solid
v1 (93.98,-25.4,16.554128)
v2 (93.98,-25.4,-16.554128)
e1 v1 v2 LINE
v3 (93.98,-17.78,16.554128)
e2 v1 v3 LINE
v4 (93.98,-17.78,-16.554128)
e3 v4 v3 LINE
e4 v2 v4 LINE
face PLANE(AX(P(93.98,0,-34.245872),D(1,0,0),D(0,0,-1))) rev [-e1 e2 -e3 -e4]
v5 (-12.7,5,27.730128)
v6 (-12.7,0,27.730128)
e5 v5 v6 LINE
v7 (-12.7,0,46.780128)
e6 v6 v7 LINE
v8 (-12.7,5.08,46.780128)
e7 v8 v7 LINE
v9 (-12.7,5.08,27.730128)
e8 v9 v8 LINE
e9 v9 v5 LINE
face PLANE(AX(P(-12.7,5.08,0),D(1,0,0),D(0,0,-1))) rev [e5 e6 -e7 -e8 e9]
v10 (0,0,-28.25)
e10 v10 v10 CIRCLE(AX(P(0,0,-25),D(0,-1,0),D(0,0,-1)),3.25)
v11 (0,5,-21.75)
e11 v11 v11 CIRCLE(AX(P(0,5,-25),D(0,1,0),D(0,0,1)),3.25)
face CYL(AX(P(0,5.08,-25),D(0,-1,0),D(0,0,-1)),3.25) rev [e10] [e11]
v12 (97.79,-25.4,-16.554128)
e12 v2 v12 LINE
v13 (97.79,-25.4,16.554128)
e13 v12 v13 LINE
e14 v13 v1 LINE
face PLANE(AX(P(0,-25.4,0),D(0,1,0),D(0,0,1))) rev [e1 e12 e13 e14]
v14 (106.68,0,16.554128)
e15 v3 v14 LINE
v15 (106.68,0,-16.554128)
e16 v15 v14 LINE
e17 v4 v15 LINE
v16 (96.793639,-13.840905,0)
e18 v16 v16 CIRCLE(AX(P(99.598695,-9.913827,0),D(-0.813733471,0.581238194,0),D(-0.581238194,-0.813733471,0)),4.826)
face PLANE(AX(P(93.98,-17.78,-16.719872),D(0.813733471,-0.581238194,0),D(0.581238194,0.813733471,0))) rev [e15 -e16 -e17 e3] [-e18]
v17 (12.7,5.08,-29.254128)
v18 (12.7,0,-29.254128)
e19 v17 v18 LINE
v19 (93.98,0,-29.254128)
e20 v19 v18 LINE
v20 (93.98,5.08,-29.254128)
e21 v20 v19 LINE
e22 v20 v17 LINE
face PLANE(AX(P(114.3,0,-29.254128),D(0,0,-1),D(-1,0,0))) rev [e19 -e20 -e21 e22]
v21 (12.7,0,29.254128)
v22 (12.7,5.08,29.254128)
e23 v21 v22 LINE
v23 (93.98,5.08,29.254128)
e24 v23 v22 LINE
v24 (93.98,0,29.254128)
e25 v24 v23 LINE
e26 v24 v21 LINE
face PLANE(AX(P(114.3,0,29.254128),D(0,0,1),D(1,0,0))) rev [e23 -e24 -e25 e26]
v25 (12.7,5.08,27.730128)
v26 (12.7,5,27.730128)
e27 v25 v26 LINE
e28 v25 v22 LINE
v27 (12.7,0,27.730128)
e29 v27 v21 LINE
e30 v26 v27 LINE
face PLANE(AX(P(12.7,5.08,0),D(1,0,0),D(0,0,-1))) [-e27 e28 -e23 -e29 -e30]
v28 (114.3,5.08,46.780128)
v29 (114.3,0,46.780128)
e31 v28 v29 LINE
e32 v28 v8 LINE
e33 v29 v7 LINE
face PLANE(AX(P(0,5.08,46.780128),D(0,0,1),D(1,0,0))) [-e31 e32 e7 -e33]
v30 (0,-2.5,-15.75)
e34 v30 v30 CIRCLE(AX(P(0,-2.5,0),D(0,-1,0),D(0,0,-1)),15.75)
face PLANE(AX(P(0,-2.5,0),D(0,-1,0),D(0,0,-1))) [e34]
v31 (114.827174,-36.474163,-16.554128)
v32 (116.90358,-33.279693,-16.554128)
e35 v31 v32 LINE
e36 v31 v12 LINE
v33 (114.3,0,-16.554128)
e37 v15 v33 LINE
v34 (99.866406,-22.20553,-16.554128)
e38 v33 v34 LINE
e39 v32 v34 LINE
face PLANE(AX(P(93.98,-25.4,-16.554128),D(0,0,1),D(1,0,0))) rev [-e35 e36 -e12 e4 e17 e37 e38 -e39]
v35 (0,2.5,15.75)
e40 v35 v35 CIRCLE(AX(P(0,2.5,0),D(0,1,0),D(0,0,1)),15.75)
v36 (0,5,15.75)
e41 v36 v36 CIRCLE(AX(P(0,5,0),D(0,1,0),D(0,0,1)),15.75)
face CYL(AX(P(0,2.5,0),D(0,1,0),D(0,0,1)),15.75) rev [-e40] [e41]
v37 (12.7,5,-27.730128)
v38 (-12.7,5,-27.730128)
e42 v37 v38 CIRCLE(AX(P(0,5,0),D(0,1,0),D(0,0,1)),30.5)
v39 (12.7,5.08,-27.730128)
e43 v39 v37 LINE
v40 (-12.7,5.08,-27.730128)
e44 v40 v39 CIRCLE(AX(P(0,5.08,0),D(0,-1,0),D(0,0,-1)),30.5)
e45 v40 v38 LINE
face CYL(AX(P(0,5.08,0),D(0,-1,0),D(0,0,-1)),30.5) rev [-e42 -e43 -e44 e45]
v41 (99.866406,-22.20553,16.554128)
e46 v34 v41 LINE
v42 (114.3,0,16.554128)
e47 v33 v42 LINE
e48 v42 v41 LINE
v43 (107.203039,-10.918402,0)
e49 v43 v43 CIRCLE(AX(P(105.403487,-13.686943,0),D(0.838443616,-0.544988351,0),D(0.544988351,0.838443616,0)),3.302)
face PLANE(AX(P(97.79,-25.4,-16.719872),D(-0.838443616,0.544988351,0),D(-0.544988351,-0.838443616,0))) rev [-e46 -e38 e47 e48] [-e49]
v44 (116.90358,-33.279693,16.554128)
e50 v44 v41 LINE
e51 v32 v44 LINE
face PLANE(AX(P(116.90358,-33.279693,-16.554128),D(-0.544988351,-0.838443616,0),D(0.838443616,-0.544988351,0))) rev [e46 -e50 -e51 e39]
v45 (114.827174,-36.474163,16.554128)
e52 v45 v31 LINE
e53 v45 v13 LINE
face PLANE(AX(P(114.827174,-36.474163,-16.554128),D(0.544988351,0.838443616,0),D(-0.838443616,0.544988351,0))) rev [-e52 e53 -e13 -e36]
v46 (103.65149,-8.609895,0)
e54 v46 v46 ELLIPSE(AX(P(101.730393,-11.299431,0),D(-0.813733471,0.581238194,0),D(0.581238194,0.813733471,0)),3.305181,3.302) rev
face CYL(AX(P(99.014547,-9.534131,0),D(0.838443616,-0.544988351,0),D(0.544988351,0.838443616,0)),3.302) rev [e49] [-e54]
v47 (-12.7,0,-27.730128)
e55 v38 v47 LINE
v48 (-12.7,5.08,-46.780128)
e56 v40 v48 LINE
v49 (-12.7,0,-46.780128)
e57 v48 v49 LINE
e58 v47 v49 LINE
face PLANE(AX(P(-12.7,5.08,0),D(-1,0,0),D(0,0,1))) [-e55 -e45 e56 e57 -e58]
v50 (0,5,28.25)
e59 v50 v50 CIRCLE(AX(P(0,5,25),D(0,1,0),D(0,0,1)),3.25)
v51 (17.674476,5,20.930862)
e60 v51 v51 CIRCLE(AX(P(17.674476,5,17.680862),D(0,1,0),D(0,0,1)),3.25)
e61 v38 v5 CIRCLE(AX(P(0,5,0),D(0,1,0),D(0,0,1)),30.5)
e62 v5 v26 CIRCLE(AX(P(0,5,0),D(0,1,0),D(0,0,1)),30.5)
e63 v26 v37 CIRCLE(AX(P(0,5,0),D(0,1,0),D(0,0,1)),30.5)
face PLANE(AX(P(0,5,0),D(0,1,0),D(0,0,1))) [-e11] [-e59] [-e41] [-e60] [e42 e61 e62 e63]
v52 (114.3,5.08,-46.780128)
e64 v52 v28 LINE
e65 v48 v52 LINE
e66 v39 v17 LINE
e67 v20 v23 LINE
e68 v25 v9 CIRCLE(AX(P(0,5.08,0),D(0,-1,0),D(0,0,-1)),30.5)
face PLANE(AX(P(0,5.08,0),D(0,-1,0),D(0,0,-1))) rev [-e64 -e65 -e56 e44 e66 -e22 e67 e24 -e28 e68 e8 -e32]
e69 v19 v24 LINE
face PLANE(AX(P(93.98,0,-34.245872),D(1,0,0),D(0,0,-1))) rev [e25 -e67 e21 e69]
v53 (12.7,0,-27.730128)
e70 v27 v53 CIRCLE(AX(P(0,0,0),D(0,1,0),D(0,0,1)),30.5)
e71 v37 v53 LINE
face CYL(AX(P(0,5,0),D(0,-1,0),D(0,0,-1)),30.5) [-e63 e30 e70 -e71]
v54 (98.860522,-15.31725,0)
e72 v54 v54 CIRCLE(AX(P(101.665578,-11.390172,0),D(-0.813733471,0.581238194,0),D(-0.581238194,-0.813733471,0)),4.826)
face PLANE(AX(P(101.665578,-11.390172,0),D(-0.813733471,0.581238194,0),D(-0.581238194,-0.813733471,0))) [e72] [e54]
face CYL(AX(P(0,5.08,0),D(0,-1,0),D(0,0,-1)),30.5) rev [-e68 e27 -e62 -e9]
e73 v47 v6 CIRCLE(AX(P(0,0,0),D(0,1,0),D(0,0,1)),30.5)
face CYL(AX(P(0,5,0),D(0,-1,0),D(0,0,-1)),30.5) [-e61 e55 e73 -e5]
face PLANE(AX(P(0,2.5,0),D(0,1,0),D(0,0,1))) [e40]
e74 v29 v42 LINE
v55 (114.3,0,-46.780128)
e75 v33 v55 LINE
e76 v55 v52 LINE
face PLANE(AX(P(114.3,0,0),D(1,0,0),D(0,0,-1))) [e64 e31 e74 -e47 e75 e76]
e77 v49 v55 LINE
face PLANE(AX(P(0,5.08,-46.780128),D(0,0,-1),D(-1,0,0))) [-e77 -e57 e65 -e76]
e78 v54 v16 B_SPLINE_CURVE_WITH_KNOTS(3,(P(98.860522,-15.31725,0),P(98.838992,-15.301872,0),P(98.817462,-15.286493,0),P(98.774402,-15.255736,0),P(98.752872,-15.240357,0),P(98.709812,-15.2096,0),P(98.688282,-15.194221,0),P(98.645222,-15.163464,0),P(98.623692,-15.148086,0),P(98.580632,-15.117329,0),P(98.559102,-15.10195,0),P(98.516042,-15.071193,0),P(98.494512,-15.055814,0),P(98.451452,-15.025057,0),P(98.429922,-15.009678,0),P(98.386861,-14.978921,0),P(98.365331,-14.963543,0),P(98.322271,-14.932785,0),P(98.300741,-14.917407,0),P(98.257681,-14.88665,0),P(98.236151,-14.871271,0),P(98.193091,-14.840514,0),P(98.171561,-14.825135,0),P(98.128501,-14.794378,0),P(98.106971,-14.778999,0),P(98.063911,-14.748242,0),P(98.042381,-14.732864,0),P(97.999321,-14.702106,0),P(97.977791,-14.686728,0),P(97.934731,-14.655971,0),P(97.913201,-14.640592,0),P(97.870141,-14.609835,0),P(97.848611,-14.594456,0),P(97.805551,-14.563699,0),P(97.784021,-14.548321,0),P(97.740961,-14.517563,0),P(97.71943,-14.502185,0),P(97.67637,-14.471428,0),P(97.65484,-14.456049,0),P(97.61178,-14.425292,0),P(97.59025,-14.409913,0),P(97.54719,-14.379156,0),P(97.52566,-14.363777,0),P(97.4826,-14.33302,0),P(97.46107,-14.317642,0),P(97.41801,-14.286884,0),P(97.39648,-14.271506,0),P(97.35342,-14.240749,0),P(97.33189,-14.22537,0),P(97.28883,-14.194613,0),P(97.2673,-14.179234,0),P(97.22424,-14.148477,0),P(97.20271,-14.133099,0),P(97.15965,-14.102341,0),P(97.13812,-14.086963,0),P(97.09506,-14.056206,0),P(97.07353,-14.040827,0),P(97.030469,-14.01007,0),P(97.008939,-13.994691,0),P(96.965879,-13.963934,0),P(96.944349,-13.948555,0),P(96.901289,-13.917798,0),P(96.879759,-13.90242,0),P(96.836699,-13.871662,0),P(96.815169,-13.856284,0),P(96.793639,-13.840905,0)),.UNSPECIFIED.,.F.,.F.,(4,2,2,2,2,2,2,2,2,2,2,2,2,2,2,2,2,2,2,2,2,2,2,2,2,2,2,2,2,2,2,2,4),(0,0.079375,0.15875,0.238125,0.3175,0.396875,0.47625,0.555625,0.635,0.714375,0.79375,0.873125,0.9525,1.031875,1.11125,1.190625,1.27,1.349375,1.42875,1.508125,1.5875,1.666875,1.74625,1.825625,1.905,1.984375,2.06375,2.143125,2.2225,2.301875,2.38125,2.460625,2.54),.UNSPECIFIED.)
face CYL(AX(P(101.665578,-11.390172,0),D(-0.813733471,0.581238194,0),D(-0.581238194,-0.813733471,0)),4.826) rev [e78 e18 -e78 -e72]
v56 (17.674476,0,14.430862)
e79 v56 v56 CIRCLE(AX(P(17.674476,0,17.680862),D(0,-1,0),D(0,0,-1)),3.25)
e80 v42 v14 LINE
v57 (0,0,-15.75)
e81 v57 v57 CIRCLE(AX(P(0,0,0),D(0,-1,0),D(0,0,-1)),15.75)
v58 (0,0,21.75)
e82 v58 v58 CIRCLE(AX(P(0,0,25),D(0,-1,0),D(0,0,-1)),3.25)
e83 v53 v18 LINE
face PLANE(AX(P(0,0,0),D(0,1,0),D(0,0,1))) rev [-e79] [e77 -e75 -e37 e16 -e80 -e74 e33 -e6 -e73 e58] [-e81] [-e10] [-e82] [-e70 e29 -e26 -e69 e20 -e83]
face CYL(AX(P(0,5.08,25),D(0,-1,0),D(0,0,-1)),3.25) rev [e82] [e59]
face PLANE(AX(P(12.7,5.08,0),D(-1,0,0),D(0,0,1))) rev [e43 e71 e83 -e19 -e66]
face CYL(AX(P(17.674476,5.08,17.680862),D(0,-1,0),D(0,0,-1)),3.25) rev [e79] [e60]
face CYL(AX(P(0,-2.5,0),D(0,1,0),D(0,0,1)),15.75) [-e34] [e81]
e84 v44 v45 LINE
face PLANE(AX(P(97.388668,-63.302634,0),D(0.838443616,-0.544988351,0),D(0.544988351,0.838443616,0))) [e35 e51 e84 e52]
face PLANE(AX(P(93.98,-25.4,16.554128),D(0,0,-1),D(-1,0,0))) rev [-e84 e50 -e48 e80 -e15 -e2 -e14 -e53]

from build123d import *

# Parameters (mm, degrees)
SKETCH1_R           = 30.5
BOSS_EXTRUDE1_DEPTH = 5
SKETCH2_R           = 15.75
CUT_EXTRUDE1_DEPTH  = 2.5
SKETCH3_R           = 15.75
BOSS_EXTRUDE2_DEPTH = 2.5
SKETCH4_R           = 3.25
CUT_EXTRUDE2_DEPTH  = 5.08
SKETCH5_R           = 3.25
CUT_EXTRUDE3_DEPTH  = 5.08
SKETCH6_R           = 3.25
CUT_EXTRUDE4_DEPTH  = 5.08
BOSS_EXTRUDE3_DEPTH = 5.08
BOSS_EXTRUDE4_DEPTH = 5.08
SKETCH9_W           = 17.526
SKETCH9_H           = 5.08
BOSS_EXTRUDE5_DEPTH = 101.6
SKETCH10_W          = 17.526
SKETCH10_H          = 5.08
BOSS_EXTRUDE6_DEPTH = 101.6
SKETCH11_W          = 20.32
SKETCH11_H          = 5.08
BOSS_EXTRUDE7_DEPTH = 63.5
SKETCH12_W          = 20.32
SKETCH12_H          = 33.10825604
BOSS_EXTRUDE8_DEPTH = 25.4
CUT_EXTRUDE5_DEPTH  = 33.274
CUT_EXTRUDE6_DEPTH  = 33.274
SKETCH16_W          = 33.10825604
SKETCH16_H          = 3.81
BOSS_EXTRUDE9_DEPTH = 20.32
CUT_EXTRUDE7_DEPTH  = 7.62
SKETCH20_R          = 4.826
CUT_EXTRUDE9_DEPTH  = 2.54


with BuildPart() as part:
    # Sketch1 → Boss-Extrude1 (new body)
    with BuildSketch(Plane(origin=(0, 0, 0), x_dir=(1, 0, 0), z_dir=(0, 1, 0))):
        with Locations(Location((0, 0, 0), (0, 0, 270))):
            Circle(SKETCH1_R)
    extrude(amount=BOSS_EXTRUDE1_DEPTH)

    # Sketch2 → Cut-Extrude1 (cut)
    with BuildSketch(Plane(origin=(0, 5, 0), x_dir=(1, 0, 0), z_dir=(0, 1, 0))):
        with Locations(Location((0, 0, 0), (0, 0, 270))):
            Circle(SKETCH2_R)
    extrude(amount=-CUT_EXTRUDE1_DEPTH, mode=Mode.SUBTRACT)

    # Sketch3 → Boss-Extrude2 (add)
    with BuildSketch(Plane.XZ):
        with Locations(Location((0, 0, 0), (0, 0, 90))):
            Circle(SKETCH3_R)
    extrude(amount=BOSS_EXTRUDE2_DEPTH)

    # Sketch4 → Cut-Extrude2 (cut)
    with BuildSketch(Plane(origin=(0, 0, 0), x_dir=(-1, 0, 0), z_dir=(0, -1, 0))):
        with Locations(Location((0, 25, 0), (0, 0, 90))):
            Circle(SKETCH4_R)
    extrude(amount=-CUT_EXTRUDE2_DEPTH, mode=Mode.SUBTRACT)

    # Sketch5 → Cut-Extrude3 (cut)
    with BuildSketch(Plane.XZ):
        with Locations(Location((0, 25, 0), (0, 0, 270))):
            Circle(SKETCH5_R)
    extrude(amount=-CUT_EXTRUDE3_DEPTH, mode=Mode.SUBTRACT)

    # Sketch6 → Cut-Extrude4 (cut)
    with BuildSketch(Plane.XZ):
        with Locations(Location((17.674476483, 17.680862, 0), (0, 0, 270))):
            Circle(SKETCH6_R)
    extrude(amount=-CUT_EXTRUDE4_DEPTH, mode=Mode.SUBTRACT)

    # Sketch7 → Boss-Extrude3 (add)
    with BuildSketch(Plane(origin=(0, 0, 0), x_dir=(-1, 0, 0), z_dir=(0, -1, 0))):
        with BuildLine():
            ThreePointArc((12.7, -27.73012802), (6.499272859, -29.79948745), (0, -30.5))
            ThreePointArc((0, -30.5), (-6.499272859, -29.79948745), (-12.7, -27.73012802))
            Line((-12.7, -27.73012802), (-12.7, -46.78012802))
            Line((-12.7, -46.78012802), (12.7, -46.78012802))
            Line((12.7, -46.78012802), (12.7, -27.73012802))
        make_face()
    extrude(amount=-BOSS_EXTRUDE3_DEPTH)

    # Sketch8 → Boss-Extrude4 (add)
    with BuildSketch(Plane.XZ):
        with BuildLine():
            ThreePointArc((0, -30.5), (-6.499272859, -29.79948745), (-12.7, -27.73012802))
            Line((-12.7, -27.73012802), (-12.7, -46.78012802))
            Line((-12.7, -46.78012802), (12.7, -46.78012802))
            Line((12.7, -46.78012802), (12.7, -27.73012802))
            ThreePointArc((12.7, -27.73012802), (6.499272859, -29.79948745), (0, -30.5))
        make_face()
    extrude(amount=-BOSS_EXTRUDE4_DEPTH)

    # Sketch9 → Boss-Extrude5 (add)
    with BuildSketch(Plane(origin=(12.7, 0, 0), x_dir=(0, 0, -1), z_dir=(1, 0, 0))):
        with Locations((38.01712802, 2.54)):
            Rectangle(SKETCH9_W, SKETCH9_H)
    extrude(amount=BOSS_EXTRUDE5_DEPTH)

    # Sketch10 → Boss-Extrude6 (add)
    with BuildSketch(Plane(origin=(12.7, 0, 0), x_dir=(0, 0, -1), z_dir=(1, 0, 0))):
        with Locations((-38.01712802, 2.54)):
            Rectangle(SKETCH10_W, SKETCH10_H)
    extrude(amount=BOSS_EXTRUDE6_DEPTH)

    # Sketch11 → Boss-Extrude7 (add)
    with BuildSketch(Plane(origin=(0, 0, 29.25412802), x_dir=(-1, 0, 0), z_dir=(0, 0, -1))):
        with Locations((-104.14, 2.54)):
            Rectangle(SKETCH11_W, SKETCH11_H)
    extrude(amount=BOSS_EXTRUDE7_DEPTH)

    # Sketch12 → Boss-Extrude8 (add)
    with BuildSketch(Plane.XZ):
        with Locations((104.14, 0)):
            Rectangle(SKETCH12_W, SKETCH12_H)
    extrude(amount=BOSS_EXTRUDE8_DEPTH)

    # Sketch13 → Cut-Extrude5 (cut)
    with BuildSketch(Plane.XY.offset(16.55412802)):
        Polygon((114.3, -25.4), (97.79, -25.4), (114.3, 0), align=None)
    extrude(amount=-CUT_EXTRUDE5_DEPTH, mode=Mode.SUBTRACT)

    # Sketch14 → Cut-Extrude6 (cut)
    with BuildSketch(Plane.XY.offset(16.55412802)):
        Polygon((93.98, 0), (93.98, -17.78), (106.68, 0), align=None)
    extrude(amount=-CUT_EXTRUDE6_DEPTH, mode=Mode.SUBTRACT)

    # Sketch16 → Boss-Extrude9 (add)
    with BuildSketch(Plane(origin=(80.351493849, -52.228471002, 0), x_dir=(0, 0, -1), z_dir=(0.8384436163006371, -0.5449883505954142, 0))):
        with Locations((0, 33.902942951)):
            Rectangle(SKETCH16_W, SKETCH16_H)
    extrude(amount=BOSS_EXTRUDE9_DEPTH)

    # Sketch18 → Cut-Extrude7 (cut)
    with BuildSketch(Plane(origin=(80.351493849, -52.228471002, 0), x_dir=(0, 0, -1), z_dir=(0.8384436163006371, -0.5449883505954142, 0))):
        with BuildLine():
            ThreePointArc((0, 49.269942951), (-3.302, 45.967942951), (0, 42.665942951))
            Line((0, 42.665942951), (0, 49.269942951))
        make_face()
        with BuildLine():
            Line((0, 49.269942951), (0, 42.665942951))
            ThreePointArc((0, 42.665942951), (2.334866591, 43.633076359), (3.302, 45.967942951))
            ThreePointArc((3.302, 45.967942951), (2.334866591, 48.302809542), (0, 49.269942951))
        make_face()
    extrude(amount=-CUT_EXTRUDE7_DEPTH, mode=Mode.SUBTRACT)

    # Sketch20 → Cut-Extrude9 (cut)
    with BuildSketch(Plane(origin=(70.639459459, -50.456756757, 0), x_dir=(0, 0, 1), z_dir=(-0.8137334712067354, 0.5812381937190958, 0))):
        with Locations(Location((0, 49.823352123, 0), (0, 0, 270))):
            Circle(SKETCH20_R)
    extrude(amount=-CUT_EXTRUDE9_DEPTH, mode=Mode.SUBTRACT)


solid = part.part
